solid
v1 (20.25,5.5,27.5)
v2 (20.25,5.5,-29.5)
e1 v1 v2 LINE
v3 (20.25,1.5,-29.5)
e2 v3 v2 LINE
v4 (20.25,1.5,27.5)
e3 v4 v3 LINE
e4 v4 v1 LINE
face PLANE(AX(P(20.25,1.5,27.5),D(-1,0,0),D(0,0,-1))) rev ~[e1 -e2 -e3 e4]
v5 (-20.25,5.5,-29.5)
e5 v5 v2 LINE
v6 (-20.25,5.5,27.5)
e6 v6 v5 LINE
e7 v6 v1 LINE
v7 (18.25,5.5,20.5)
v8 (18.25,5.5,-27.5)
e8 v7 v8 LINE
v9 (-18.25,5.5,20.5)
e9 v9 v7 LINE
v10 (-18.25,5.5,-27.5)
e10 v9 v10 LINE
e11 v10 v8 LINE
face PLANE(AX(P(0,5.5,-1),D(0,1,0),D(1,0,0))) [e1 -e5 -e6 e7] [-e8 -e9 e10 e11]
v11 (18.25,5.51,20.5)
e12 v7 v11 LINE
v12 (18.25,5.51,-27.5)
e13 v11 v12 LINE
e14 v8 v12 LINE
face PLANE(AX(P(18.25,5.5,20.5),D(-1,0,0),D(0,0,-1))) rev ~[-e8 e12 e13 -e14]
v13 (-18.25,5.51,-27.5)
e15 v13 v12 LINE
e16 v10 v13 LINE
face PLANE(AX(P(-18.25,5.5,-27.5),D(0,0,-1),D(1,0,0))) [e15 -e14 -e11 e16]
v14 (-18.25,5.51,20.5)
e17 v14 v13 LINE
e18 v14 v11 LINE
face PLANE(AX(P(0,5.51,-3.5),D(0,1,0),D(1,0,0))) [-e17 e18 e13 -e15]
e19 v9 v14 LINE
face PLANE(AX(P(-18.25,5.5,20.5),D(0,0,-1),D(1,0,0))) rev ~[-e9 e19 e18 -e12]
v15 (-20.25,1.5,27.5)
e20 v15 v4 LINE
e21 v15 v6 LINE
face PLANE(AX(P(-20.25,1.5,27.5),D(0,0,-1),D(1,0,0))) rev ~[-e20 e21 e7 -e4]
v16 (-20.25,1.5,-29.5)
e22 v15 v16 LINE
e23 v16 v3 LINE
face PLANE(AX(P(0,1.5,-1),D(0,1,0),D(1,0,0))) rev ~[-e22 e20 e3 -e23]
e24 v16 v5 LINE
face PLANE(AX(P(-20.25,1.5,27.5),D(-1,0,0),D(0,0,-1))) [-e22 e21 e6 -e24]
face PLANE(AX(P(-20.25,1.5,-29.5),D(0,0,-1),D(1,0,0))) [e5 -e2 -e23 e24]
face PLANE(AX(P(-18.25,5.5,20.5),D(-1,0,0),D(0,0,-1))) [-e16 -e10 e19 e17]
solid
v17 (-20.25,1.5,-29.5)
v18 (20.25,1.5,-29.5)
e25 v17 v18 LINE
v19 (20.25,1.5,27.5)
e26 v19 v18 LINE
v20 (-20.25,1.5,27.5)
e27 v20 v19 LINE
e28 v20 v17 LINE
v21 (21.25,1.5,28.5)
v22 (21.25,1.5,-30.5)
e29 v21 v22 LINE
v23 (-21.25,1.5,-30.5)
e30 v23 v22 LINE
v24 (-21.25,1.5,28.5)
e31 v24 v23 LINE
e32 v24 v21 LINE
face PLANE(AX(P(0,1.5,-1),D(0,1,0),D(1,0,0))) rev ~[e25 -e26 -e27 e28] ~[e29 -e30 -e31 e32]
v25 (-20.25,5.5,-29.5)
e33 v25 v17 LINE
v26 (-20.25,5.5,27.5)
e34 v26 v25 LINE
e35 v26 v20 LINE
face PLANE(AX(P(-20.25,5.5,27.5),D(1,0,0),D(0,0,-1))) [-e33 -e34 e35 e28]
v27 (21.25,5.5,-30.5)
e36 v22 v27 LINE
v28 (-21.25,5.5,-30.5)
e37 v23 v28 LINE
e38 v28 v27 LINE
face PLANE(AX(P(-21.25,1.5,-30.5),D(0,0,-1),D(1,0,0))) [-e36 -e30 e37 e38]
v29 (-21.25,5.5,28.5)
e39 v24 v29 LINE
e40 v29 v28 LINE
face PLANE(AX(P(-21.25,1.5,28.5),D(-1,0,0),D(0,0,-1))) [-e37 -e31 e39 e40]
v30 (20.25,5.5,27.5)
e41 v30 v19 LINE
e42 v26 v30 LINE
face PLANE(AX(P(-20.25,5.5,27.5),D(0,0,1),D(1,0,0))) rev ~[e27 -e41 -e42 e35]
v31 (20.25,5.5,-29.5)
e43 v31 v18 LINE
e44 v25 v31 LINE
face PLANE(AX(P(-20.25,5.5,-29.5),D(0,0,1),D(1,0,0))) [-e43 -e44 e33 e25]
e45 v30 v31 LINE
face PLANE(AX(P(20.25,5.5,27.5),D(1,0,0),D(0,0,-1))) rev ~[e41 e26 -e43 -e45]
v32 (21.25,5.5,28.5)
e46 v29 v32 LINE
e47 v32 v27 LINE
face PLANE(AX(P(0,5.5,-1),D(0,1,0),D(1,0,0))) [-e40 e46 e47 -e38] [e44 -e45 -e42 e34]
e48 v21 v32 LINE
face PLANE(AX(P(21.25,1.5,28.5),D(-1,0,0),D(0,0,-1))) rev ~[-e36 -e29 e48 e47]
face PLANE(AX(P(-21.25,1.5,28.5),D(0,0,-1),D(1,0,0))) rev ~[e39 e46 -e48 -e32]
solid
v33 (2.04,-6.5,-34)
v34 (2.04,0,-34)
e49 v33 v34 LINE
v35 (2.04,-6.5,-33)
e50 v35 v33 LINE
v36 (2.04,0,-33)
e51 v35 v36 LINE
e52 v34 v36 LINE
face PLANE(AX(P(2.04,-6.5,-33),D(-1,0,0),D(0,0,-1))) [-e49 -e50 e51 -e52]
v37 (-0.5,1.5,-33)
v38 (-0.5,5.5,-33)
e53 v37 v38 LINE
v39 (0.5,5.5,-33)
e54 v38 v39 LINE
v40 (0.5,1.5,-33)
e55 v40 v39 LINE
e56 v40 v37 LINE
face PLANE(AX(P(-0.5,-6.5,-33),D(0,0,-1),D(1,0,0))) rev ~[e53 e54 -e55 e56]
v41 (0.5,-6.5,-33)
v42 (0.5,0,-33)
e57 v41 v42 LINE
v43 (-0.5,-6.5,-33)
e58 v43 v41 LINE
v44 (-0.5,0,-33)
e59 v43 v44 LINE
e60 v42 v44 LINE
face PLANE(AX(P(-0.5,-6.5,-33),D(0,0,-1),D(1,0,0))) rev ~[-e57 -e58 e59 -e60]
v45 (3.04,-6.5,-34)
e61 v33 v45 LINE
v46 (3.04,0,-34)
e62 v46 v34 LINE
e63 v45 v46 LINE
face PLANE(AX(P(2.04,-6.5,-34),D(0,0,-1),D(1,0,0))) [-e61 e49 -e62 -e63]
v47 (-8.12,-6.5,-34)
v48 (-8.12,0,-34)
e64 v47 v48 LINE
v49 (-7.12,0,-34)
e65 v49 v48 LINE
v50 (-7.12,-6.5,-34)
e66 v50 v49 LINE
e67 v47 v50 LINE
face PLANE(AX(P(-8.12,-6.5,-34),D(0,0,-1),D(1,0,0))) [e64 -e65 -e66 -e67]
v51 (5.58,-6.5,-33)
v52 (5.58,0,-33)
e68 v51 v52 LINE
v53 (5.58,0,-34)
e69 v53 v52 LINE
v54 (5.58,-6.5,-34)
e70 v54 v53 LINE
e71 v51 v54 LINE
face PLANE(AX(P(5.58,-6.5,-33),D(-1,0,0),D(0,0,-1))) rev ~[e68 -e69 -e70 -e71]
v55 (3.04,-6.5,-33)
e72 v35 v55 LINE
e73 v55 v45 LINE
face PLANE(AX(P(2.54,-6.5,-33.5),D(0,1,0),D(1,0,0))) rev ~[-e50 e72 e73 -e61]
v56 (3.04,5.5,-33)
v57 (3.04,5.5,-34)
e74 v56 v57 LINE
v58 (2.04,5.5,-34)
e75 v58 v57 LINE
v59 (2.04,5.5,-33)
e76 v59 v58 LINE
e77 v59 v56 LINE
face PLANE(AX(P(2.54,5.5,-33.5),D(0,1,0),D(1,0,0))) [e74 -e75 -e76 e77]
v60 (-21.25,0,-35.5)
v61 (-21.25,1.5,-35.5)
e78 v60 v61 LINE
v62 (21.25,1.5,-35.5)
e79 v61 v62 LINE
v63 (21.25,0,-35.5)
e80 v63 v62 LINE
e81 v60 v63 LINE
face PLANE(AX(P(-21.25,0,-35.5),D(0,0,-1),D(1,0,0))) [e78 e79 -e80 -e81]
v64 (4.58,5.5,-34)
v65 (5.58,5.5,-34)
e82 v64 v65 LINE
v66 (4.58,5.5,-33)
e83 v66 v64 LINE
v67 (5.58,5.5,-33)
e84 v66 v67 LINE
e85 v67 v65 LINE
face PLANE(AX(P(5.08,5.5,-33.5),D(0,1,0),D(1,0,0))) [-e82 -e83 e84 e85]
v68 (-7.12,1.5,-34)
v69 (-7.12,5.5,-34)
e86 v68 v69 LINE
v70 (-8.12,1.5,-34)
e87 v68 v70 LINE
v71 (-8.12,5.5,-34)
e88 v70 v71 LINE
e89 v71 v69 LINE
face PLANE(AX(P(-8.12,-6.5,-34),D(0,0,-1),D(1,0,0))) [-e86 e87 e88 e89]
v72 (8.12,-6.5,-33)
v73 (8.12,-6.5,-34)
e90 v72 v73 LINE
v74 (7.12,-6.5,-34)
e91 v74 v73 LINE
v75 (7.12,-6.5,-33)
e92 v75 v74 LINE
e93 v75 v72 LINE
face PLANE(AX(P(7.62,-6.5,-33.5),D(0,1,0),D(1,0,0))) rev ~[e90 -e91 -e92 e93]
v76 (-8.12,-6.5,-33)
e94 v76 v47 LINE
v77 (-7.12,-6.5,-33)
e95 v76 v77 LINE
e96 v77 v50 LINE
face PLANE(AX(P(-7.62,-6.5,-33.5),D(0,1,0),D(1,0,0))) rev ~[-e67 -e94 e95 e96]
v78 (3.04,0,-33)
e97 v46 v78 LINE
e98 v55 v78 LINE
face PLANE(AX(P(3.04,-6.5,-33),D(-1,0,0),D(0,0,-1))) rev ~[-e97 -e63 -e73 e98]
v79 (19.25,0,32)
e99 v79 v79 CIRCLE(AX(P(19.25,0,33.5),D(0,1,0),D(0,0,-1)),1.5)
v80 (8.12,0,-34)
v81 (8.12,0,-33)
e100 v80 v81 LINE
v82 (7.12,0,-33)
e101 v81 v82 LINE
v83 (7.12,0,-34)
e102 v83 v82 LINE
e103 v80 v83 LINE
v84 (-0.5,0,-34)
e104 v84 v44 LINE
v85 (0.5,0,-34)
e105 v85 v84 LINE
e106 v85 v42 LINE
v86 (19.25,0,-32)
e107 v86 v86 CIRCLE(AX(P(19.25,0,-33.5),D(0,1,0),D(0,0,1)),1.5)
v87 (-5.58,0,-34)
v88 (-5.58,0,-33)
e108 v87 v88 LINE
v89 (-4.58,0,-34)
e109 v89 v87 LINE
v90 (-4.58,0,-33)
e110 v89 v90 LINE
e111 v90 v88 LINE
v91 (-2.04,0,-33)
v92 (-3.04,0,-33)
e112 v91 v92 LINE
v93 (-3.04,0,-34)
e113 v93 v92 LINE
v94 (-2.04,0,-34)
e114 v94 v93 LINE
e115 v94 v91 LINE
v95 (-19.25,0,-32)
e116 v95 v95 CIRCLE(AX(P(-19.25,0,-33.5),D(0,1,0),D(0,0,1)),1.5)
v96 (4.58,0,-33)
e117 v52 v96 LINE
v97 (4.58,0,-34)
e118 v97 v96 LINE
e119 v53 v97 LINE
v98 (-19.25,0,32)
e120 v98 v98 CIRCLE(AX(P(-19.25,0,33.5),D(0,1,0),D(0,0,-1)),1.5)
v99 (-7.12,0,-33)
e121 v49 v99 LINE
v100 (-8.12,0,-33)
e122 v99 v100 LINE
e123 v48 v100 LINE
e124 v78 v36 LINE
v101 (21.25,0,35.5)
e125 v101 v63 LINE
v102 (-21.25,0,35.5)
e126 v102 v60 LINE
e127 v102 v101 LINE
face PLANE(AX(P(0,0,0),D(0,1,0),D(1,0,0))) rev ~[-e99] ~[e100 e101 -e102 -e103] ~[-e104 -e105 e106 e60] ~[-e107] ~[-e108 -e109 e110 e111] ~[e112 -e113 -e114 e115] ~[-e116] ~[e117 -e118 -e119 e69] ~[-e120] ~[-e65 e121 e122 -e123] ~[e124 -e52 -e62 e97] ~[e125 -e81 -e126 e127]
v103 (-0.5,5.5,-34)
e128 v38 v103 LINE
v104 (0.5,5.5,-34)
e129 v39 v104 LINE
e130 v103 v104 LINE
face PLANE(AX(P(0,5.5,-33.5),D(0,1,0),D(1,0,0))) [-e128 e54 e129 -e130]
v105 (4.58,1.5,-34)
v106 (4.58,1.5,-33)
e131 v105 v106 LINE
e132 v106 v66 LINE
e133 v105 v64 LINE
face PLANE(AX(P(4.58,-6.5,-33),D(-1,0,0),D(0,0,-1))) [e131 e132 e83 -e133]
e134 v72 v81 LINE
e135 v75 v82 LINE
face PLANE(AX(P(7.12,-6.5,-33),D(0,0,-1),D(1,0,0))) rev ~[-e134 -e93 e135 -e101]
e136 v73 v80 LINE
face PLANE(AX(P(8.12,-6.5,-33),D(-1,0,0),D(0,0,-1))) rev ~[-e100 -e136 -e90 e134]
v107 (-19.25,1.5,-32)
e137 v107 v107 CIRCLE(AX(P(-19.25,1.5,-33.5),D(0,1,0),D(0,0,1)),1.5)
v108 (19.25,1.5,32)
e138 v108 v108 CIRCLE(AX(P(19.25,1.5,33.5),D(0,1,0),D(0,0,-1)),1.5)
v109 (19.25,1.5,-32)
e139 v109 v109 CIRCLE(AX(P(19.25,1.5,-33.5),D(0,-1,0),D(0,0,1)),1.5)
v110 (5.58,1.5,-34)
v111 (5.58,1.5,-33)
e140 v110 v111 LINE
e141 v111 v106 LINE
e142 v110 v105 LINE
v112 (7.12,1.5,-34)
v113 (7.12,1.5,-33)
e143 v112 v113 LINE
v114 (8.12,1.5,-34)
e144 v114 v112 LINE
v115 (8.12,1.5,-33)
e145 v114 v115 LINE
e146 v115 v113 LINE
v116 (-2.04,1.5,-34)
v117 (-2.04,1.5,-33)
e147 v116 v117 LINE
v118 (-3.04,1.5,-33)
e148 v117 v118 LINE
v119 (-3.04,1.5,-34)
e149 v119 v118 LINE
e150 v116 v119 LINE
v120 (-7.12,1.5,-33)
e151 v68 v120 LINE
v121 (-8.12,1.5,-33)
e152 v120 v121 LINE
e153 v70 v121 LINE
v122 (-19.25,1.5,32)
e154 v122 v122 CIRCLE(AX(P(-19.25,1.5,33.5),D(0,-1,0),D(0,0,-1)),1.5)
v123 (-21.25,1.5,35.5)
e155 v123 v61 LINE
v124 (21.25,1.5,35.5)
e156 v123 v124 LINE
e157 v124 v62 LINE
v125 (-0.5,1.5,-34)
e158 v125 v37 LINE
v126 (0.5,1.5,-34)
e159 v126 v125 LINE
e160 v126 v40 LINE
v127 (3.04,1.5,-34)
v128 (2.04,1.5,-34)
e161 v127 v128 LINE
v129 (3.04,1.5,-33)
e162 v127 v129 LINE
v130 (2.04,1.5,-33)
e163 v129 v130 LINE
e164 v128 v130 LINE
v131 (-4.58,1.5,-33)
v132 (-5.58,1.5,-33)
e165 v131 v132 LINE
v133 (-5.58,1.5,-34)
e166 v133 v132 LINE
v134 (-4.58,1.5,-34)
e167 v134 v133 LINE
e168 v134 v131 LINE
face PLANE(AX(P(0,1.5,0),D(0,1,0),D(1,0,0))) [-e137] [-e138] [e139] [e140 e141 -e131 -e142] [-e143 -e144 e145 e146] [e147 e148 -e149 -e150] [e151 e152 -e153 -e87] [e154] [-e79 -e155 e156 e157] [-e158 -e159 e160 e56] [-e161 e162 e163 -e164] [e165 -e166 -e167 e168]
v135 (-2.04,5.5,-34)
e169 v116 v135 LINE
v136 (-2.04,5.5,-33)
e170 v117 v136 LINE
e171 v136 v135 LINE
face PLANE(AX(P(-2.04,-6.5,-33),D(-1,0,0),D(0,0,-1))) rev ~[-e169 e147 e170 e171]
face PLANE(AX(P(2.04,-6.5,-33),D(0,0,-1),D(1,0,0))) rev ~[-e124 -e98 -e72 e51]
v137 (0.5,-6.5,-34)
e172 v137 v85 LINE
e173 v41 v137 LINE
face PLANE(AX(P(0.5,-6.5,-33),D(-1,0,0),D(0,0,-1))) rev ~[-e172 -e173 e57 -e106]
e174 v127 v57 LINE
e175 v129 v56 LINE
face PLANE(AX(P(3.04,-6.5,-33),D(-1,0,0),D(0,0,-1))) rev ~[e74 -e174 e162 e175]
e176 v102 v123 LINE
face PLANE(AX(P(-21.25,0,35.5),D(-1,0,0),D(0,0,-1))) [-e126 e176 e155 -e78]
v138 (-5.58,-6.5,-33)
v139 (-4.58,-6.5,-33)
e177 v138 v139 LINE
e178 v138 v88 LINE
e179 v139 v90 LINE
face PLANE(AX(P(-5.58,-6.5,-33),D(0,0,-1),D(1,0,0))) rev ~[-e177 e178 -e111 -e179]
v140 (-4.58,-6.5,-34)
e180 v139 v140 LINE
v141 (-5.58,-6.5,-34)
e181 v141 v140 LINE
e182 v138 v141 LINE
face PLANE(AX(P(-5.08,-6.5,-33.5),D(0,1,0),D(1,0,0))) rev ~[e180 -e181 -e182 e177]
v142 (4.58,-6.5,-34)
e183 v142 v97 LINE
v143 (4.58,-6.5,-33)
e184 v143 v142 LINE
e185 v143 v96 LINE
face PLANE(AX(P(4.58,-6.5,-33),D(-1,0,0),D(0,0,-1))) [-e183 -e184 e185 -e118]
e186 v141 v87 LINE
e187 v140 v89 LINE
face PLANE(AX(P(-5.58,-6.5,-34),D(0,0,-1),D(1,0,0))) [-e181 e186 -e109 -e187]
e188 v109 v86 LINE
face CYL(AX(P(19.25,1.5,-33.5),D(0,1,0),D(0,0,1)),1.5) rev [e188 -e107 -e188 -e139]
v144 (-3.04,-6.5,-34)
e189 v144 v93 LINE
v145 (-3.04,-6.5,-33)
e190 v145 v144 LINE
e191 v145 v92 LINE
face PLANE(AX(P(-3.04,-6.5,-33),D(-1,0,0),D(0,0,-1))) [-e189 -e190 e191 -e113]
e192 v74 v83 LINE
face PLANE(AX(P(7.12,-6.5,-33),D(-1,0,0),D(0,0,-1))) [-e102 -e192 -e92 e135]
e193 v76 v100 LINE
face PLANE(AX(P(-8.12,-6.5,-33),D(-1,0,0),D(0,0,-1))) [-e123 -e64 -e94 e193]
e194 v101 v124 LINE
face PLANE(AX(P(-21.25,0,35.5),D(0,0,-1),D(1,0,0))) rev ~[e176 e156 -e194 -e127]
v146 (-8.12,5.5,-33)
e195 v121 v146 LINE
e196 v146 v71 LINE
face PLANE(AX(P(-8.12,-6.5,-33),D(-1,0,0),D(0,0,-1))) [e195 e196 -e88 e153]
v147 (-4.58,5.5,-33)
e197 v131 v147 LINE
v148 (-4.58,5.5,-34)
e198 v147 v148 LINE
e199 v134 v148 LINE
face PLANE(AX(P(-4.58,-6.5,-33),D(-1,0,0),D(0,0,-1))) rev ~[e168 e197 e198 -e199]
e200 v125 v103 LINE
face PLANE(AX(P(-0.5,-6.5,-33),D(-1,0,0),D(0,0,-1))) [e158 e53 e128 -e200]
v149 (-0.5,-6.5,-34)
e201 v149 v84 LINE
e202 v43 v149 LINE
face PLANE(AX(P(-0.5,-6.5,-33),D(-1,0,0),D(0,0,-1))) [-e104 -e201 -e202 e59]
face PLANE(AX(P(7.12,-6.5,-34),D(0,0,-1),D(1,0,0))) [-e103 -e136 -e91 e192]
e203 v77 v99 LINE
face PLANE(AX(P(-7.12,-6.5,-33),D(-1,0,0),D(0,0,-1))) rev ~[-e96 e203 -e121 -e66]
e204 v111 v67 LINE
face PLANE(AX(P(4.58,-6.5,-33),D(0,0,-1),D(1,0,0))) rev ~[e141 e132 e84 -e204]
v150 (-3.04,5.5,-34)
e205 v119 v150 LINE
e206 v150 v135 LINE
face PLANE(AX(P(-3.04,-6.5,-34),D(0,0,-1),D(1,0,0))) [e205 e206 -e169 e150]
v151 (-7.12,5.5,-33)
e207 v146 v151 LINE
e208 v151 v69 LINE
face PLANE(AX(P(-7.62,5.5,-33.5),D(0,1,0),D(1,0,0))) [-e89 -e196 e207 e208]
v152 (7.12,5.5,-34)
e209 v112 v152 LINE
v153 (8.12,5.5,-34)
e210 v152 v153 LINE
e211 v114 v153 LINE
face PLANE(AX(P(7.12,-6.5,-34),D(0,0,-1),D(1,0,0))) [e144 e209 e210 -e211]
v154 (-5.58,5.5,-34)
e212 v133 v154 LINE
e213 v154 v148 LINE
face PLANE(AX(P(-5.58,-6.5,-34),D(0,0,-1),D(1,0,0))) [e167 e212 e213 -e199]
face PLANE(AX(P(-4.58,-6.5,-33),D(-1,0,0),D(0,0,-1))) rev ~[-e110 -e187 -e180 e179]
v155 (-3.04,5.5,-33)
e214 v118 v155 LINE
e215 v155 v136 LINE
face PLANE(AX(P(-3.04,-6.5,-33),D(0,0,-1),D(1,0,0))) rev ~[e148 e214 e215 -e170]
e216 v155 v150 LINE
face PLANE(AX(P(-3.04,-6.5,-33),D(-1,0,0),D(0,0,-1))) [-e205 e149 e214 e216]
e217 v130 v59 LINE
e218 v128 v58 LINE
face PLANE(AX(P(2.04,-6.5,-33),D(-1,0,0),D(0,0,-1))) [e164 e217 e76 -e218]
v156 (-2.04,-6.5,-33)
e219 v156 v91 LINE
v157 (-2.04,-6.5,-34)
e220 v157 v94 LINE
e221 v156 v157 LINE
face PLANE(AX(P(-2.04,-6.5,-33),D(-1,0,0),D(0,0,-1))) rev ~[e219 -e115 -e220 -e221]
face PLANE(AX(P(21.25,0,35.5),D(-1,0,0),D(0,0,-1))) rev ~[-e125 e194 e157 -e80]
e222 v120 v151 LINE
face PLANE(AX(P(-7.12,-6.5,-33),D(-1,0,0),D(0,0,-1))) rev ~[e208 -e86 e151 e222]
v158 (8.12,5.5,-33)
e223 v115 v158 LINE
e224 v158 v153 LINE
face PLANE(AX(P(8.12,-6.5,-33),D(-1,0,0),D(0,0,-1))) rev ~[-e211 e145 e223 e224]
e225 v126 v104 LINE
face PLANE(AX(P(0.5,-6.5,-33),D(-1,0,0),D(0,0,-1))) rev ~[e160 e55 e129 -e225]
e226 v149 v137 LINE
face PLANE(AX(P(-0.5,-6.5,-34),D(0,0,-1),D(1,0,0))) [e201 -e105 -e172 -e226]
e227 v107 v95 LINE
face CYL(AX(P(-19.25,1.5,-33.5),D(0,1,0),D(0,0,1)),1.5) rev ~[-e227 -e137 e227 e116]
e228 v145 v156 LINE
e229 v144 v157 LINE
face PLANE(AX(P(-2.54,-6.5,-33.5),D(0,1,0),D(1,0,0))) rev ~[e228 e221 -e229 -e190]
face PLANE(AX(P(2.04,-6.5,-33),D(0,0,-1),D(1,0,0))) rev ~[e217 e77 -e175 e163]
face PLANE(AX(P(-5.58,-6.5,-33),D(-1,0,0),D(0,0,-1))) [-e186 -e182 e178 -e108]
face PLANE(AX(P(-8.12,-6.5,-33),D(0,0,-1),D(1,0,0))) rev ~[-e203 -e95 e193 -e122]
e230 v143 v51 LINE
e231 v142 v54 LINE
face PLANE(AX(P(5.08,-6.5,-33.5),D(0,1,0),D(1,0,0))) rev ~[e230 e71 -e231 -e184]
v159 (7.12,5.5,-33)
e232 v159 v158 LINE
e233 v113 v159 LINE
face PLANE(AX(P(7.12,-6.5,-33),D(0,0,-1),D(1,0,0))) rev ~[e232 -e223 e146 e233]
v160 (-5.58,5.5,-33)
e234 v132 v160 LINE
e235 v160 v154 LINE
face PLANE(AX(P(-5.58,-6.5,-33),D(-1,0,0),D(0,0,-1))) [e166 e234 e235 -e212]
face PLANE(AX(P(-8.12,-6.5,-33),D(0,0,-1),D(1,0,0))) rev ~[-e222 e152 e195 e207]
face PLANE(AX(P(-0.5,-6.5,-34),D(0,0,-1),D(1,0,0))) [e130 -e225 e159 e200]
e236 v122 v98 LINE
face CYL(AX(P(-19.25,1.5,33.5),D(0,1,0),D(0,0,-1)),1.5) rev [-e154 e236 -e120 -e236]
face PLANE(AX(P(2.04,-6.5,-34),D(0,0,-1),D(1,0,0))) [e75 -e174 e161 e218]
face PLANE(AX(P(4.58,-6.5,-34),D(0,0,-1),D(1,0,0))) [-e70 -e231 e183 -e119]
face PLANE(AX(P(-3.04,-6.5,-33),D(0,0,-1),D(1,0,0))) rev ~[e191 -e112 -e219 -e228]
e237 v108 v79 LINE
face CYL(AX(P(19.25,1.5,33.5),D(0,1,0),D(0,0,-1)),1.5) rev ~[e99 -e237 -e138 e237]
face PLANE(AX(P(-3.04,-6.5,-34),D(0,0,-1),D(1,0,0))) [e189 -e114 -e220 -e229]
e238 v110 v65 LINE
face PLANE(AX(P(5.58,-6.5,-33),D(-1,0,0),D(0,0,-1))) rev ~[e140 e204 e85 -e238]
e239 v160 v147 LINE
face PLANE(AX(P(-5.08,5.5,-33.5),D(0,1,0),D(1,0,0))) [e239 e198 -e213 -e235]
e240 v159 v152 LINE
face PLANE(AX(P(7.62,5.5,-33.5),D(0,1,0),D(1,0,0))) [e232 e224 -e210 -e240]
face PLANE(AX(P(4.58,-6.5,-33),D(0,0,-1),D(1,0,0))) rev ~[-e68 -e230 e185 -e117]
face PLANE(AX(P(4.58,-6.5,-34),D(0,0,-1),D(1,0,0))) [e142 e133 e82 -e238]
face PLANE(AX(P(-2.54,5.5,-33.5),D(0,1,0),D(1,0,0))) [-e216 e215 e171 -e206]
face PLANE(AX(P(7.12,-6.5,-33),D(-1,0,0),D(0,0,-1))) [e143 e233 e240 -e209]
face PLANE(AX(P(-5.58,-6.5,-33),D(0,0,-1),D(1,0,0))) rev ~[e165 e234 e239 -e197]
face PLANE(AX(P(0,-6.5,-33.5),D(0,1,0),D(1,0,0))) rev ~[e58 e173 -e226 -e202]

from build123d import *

# Parameters (mm, degrees)
SKETCH1_W                                  = 42.5
SKETCH1_H                                  = 71
BOSS_EXTRUDE1_DEPTH                        = 1.5
SKETCH7_R                                  = 1.5
CUT_EXTRUDE2_DEPTH                         = 42.401237904
MIRROR1_AT_THE_SECOND_PLANE_COPY_1_SKETC_R = 1.5
MIRROR1_AT_THE_SECOND_PLANE_COPY_1_DEPTH   = 42.401237904
BOSS_EXTRUDE5_START                        = -8
SKETCH8_W                                  = 1
SKETCH8_H                                  = 1
BOSS_EXTRUDE5_DEPTH                        = 12
LPATTERN1_COUNT                            = 4
LPATTERN1_PITCH                            = 2.54
LPATTERN1_COL_COUNT                        = 4
LPATTERN1_COL_PITCH                        = 2.54
SKETCH2_W                                  = 42.5
SKETCH2_H                                  = 59
BOSS_EXTRUDE2_DEPTH                        = 4
SKETCH3_W                                  = 40.5
SKETCH3_H                                  = 57
CUT_EXTRUDE1_DEPTH                         = 44.079142285
SKETCH5_W                                  = 40.5
SKETCH5_H                                  = 57
BOSS_EXTRUDE3_DEPTH                        = 4
SKETCH6_W                                  = 36.5
SKETCH6_H                                  = 48
BOSS_EXTRUDE4_DEPTH                        = 0.01


with BuildPart() as part:
    # Sketch1 → Boss-Extrude1 (new body)
    with BuildSketch(Plane(origin=(0, 0, 0), x_dir=(1, 0, 0), z_dir=(0, 1, 0))):
        Rectangle(SKETCH1_W, SKETCH1_H)
    extrude(amount=BOSS_EXTRUDE1_DEPTH)

    # Sketch7 → Cut-Extrude2 (cut, through all)
    with BuildSketch(Plane(origin=(0, 1.5, 0), x_dir=(1, 0, 0), z_dir=(0, 1, 0))):
        with Locations(Location((-19.25, 33.5, 0), (0, 0, 270))):
            Circle(SKETCH7_R)
    cut_extrude2 = extrude(amount=-CUT_EXTRUDE2_DEPTH, mode=Mode.SUBTRACT)

    # Mirror1: Cut-Extrude2 across plane
    add(cut_extrude2.mirror(Plane.XY), mode=Mode.SUBTRACT)

    # Mirror1 at the second plane: Cut-Extrude2 across plane
    add(cut_extrude2.mirror(Plane(origin=(0, 0, 0), x_dir=(0, 0, 1), z_dir=(1, 0, 0))), mode=Mode.SUBTRACT)

    # Mirror1 at the second plane copy 1 sketc → Mirror1 at the second plane copy 1 (cut, through all)
    with BuildSketch(Plane(origin=(0, 1.5, 0), x_dir=(-1, 0, 0), z_dir=(0, 1, 0))):
        with Locations(Location((-19.25, 33.5, 0), (0, 0, 270))):
            Circle(MIRROR1_AT_THE_SECOND_PLANE_COPY_1_SKETC_R)
    extrude(amount=-MIRROR1_AT_THE_SECOND_PLANE_COPY_1_DEPTH, mode=Mode.SUBTRACT)

    # Sketch8 → Boss-Extrude5 (add)
    with BuildSketch(Plane(origin=(0, 1.5, 0), x_dir=(1, 0, 0), z_dir=(0, 1, 0)).offset(BOSS_EXTRUDE5_START)):
        with Locations((0, 33.5)):
            Rectangle(SKETCH8_W, SKETCH8_H)
    boss_extrude5 = extrude(amount=BOSS_EXTRUDE5_DEPTH)

    # LPattern1: Boss-Extrude5 ×4
    with Locations(*[(i * LPATTERN1_PITCH, 0, 0) for i in range(1, LPATTERN1_COUNT)]):
        add(boss_extrude5)

    # LPattern1 col: Boss-Extrude5 ×4
    with Locations(*[(-i * LPATTERN1_COL_PITCH, 0, 0) for i in range(1, LPATTERN1_COL_COUNT)]):
        add(boss_extrude5)


with BuildPart() as body_2:
    # Sketch2 → Boss-Extrude2 (new body)
    with BuildSketch(Plane(origin=(0, 1.5, 0), x_dir=(1, 0, 0), z_dir=(0, 1, 0))):
        with Locations((0, 1)):
            Rectangle(SKETCH2_W, SKETCH2_H)
    extrude(amount=BOSS_EXTRUDE2_DEPTH)

    # Sketch3 → Cut-Extrude1 (cut, through all)
    with BuildSketch(Plane(origin=(0, 5.5, 0), x_dir=(1, 0, 0), z_dir=(0, 1, 0))):
        with Locations((0, 1)):
            Rectangle(SKETCH3_W, SKETCH3_H)
    extrude(amount=-CUT_EXTRUDE1_DEPTH, mode=Mode.SUBTRACT)


with BuildPart() as body_3:
    # Sketch5 → Boss-Extrude3 (new body)
    with BuildSketch(Plane(origin=(0, 1.5, 0), x_dir=(1, 0, 0), z_dir=(0, 1, 0))):
        with Locations((0, 1)):
            Rectangle(SKETCH5_W, SKETCH5_H)
    extrude(amount=BOSS_EXTRUDE3_DEPTH)

    # Sketch6 → Boss-Extrude4 (add)
    with BuildSketch(Plane(origin=(0, 5.5, 0), x_dir=(1, 0, 0), z_dir=(0, 1, 0))):
        with Locations((0, 3.5)):
            Rectangle(SKETCH6_W, SKETCH6_H)
    extrude(amount=BOSS_EXTRUDE4_DEPTH)


solid = Compound([part.part, body_2.part, body_3.part])
